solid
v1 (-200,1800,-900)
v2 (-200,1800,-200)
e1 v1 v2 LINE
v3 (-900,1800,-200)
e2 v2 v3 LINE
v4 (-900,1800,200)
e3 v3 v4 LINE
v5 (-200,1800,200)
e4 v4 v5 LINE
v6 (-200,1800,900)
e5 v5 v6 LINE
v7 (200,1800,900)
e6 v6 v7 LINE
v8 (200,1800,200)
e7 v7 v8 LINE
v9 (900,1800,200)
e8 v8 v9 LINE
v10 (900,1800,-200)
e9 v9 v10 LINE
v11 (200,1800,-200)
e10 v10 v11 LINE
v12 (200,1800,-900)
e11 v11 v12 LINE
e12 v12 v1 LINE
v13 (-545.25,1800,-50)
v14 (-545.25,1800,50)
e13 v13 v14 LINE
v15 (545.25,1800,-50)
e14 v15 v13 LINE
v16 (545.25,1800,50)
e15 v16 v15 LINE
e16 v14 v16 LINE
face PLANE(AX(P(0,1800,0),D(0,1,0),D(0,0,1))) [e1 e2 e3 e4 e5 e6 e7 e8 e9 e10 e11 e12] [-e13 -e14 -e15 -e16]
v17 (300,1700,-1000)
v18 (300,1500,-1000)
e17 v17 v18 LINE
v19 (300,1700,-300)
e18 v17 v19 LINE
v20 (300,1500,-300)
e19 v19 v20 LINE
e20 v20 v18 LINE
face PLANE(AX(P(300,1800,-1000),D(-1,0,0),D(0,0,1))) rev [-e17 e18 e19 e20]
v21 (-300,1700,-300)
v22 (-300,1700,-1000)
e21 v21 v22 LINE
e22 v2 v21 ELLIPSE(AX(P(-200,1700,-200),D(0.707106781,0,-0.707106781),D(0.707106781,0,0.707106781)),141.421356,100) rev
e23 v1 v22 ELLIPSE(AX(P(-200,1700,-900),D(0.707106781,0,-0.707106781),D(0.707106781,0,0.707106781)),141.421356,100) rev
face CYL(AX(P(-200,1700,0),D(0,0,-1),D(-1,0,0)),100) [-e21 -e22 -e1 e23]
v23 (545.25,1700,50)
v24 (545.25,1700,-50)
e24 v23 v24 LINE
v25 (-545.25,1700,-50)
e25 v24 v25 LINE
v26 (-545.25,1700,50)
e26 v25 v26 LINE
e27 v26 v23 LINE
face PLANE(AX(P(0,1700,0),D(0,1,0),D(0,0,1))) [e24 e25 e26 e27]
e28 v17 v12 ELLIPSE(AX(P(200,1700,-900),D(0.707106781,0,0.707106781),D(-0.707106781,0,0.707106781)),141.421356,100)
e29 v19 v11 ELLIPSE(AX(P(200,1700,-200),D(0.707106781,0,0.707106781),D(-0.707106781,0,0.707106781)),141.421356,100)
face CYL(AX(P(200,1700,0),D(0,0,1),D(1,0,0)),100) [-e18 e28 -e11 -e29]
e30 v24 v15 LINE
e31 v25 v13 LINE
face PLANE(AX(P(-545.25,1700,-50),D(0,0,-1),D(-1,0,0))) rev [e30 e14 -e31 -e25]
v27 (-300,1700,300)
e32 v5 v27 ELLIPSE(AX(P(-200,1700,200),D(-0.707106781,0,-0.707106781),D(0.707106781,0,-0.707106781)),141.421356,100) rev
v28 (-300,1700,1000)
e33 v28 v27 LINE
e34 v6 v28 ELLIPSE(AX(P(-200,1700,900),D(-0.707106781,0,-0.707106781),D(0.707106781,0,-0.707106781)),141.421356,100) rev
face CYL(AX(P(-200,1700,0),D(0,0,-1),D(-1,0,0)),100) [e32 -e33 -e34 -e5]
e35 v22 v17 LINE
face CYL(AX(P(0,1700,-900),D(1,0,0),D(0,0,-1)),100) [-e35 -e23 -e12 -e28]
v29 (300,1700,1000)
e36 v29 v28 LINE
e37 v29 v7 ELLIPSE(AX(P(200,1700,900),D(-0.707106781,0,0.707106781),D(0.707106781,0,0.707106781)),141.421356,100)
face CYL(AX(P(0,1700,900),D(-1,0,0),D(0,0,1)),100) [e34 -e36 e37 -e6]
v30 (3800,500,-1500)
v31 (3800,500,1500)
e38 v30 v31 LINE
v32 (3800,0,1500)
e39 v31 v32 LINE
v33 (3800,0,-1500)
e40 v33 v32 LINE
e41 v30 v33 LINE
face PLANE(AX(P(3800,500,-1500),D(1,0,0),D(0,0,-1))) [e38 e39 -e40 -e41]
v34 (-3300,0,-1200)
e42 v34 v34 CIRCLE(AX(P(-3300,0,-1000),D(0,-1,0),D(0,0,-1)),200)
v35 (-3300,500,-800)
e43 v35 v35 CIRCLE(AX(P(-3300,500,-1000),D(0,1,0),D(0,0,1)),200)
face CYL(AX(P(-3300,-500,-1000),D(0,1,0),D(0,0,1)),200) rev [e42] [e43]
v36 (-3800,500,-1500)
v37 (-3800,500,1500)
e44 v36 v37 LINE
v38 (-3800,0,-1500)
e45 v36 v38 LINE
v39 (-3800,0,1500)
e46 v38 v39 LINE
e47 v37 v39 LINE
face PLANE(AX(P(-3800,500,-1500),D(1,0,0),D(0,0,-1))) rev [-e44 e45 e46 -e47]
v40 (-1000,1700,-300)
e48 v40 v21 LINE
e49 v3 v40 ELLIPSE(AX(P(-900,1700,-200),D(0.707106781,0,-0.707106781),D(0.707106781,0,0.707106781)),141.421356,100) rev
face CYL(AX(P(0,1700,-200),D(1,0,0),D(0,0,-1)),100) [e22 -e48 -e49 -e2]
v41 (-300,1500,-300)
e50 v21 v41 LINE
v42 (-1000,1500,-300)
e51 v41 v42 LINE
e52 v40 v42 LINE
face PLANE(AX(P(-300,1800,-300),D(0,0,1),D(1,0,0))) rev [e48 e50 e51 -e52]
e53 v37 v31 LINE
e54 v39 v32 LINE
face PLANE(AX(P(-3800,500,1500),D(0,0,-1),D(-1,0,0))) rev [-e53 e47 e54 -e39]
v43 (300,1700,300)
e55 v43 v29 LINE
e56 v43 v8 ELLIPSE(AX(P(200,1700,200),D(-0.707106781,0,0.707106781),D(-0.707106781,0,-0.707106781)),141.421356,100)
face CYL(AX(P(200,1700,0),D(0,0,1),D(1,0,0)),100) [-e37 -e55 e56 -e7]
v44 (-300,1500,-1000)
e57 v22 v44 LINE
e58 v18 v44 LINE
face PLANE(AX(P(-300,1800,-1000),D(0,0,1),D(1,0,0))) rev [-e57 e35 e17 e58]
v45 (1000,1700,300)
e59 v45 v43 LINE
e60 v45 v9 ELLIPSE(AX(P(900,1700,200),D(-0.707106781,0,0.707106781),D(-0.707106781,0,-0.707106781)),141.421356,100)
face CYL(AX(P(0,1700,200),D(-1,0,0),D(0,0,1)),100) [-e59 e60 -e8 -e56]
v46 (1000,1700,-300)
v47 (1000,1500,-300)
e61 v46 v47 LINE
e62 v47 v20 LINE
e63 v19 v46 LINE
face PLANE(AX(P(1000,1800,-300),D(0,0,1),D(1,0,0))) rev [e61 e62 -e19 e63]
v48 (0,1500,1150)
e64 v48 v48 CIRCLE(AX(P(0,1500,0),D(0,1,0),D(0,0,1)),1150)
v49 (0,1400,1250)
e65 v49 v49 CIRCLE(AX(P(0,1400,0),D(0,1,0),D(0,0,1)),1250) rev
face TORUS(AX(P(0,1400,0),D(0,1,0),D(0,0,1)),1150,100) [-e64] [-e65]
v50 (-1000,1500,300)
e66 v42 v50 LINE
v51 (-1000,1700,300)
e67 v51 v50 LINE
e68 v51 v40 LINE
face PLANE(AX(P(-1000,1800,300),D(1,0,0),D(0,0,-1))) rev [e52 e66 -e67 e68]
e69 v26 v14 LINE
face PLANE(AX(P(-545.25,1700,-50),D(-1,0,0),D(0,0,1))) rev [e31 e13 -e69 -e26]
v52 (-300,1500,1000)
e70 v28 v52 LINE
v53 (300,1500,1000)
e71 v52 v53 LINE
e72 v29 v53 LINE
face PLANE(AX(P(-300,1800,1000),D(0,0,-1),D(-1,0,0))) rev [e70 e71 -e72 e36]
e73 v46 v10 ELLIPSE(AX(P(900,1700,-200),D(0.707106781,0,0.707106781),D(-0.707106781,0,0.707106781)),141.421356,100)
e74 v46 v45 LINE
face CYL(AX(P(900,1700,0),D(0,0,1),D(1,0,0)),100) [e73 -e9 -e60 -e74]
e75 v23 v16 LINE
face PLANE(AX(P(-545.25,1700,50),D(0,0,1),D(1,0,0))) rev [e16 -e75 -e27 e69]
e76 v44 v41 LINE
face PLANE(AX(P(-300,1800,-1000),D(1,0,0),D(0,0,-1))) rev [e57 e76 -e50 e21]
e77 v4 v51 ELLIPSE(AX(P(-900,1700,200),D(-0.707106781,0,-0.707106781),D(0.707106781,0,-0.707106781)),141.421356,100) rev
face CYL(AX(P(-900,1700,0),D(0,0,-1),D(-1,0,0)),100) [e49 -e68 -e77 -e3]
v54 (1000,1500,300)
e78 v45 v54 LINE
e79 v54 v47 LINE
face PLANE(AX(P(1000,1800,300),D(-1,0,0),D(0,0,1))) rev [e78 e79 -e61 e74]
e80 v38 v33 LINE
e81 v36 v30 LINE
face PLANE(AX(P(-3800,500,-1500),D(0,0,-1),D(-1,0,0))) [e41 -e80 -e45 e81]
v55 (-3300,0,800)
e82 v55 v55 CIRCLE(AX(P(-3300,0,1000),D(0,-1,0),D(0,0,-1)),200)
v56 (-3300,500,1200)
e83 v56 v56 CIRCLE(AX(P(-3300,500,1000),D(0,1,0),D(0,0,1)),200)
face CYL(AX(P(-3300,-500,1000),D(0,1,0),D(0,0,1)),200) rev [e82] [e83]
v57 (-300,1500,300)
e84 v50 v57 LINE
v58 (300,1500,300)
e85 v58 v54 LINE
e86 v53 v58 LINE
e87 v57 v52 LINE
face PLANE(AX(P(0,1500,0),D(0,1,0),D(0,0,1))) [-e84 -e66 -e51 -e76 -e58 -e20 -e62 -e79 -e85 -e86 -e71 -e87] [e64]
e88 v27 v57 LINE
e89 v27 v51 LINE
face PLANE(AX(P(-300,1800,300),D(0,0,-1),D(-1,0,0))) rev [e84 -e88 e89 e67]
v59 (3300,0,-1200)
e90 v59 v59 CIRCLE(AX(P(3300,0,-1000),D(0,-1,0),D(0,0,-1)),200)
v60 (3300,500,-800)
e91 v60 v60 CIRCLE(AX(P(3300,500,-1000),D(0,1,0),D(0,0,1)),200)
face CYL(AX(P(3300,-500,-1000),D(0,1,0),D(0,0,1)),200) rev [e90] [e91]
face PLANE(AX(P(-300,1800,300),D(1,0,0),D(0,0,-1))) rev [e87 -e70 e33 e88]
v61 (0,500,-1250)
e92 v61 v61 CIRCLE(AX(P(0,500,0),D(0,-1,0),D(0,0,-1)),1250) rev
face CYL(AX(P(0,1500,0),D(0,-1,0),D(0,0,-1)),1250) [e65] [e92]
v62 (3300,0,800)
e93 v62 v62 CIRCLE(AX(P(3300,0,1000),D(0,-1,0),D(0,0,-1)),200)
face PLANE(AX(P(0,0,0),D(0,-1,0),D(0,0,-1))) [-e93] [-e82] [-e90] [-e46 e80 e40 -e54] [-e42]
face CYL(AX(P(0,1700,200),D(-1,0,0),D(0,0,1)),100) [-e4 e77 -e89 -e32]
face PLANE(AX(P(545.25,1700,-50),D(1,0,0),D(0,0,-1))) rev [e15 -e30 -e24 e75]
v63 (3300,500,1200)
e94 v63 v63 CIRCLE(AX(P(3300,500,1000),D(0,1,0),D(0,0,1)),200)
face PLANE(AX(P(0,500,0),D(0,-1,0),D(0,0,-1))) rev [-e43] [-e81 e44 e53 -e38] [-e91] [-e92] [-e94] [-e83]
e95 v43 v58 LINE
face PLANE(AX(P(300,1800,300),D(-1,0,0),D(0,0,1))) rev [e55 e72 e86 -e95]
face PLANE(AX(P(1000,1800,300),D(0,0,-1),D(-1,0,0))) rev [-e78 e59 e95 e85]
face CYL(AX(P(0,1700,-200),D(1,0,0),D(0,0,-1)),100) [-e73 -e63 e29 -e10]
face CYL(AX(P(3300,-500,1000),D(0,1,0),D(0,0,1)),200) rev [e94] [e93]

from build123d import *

# Parameters (mm, degrees)
SKETCH1_W           = 7600
SKETCH1_H           = 3000
BOSS_EXTRUDE1_DEPTH = 500
SKETCH2_R           = 200
CUT_EXTRUDE1_DEPTH  = 1000
SKETCH3_R           = 1250
BOSS_EXTRUDE2_DEPTH = 1000
BOSS_EXTRUDE3_DEPTH = 300
FILLET1_R           = 100
FILLET2_R           = 100
SKETCH6_W           = 1090.5
SKETCH6_H           = 100
CUT_EXTRUDE2_DEPTH  = 100


with BuildPart() as part:
    # Sketch1 → Boss-Extrude1 (new body)
    with BuildSketch(Plane(origin=(0, 0, 0), x_dir=(1, 0, 0), z_dir=(0, 1, 0))):
        Rectangle(SKETCH1_W, SKETCH1_H)
    extrude(amount=BOSS_EXTRUDE1_DEPTH)

    # Sketch2 → Cut-Extrude1 (cut)
    with BuildSketch(Plane(origin=(0, 500, 0), x_dir=(1, 0, 0), z_dir=(0, 1, 0))):
        with Locations(Location((-3300, -1000, 0), (0, 0, 270))):
            Circle(SKETCH2_R)
        with Locations(Location((-3300, 1000, 0), (0, 0, 270))):
            Circle(SKETCH2_R)
        with Locations(Location((3300, 1000, 0), (0, 0, 270))):
            Circle(SKETCH2_R)
        with Locations(Location((3300, -1000, 0), (0, 0, 270))):
            Circle(SKETCH2_R)
    extrude(amount=-CUT_EXTRUDE1_DEPTH, mode=Mode.SUBTRACT)

    # Sketch3 → Boss-Extrude2 (add)
    with BuildSketch(Plane(origin=(0, 500, 0), x_dir=(1, 0, 0), z_dir=(0, 1, 0))):
        with Locations(Location((0, 0, 0), (0, 0, 90))):
            Circle(SKETCH3_R)
    extrude(amount=BOSS_EXTRUDE2_DEPTH)

    # Sketch4 → Boss-Extrude3 (add)
    with BuildSketch(Plane(origin=(0, 1500, 0), x_dir=(1, 0, 0), z_dir=(0, 1, 0))):
        Polygon((-300, -300), (-300, -1000), (300, -1000), (300, -300), (1000, -300), (1000, 300), (300, 300), (300, 1000), (-300, 1000), (-300, 300), (-1000, 300), (-1000, -300), align=None)
    extrude(amount=BOSS_EXTRUDE3_DEPTH)

    # Fillet1
    fillet1_edges = [part.edges().sort_by_distance(p)[0] for p in [
        (300, 1800, 650),
        (650, 1800, 300),
        (1000, 1800, 0),
        (650, 1800, -300),
        (300, 1800, -650),
        (0, 1800, -1000),
        (-300, 1800, -650),
        (-650, 1800, -300),
        (-1000, 1800, 0),
        (-650, 1800, 300),
        (-300, 1800, 650),
        (0, 1800, 1000),
    ]]
    fillet(fillet1_edges, radius=FILLET1_R)

    # Fillet2
    fillet2_edges = [part.edges().sort_by_distance(p)[0] for p in [
        (0, 1500, 1250),
    ]]
    fillet(fillet2_edges, radius=FILLET2_R)

    # Sketch6 → Cut-Extrude2 (cut)
    with BuildSketch(Plane(origin=(0, 1800, 0), x_dir=(1, 0, 0), z_dir=(0, 1, 0))):
        Rectangle(SKETCH6_W, SKETCH6_H)
    extrude(amount=-CUT_EXTRUDE2_DEPTH, mode=Mode.SUBTRACT)


solid = part.part
